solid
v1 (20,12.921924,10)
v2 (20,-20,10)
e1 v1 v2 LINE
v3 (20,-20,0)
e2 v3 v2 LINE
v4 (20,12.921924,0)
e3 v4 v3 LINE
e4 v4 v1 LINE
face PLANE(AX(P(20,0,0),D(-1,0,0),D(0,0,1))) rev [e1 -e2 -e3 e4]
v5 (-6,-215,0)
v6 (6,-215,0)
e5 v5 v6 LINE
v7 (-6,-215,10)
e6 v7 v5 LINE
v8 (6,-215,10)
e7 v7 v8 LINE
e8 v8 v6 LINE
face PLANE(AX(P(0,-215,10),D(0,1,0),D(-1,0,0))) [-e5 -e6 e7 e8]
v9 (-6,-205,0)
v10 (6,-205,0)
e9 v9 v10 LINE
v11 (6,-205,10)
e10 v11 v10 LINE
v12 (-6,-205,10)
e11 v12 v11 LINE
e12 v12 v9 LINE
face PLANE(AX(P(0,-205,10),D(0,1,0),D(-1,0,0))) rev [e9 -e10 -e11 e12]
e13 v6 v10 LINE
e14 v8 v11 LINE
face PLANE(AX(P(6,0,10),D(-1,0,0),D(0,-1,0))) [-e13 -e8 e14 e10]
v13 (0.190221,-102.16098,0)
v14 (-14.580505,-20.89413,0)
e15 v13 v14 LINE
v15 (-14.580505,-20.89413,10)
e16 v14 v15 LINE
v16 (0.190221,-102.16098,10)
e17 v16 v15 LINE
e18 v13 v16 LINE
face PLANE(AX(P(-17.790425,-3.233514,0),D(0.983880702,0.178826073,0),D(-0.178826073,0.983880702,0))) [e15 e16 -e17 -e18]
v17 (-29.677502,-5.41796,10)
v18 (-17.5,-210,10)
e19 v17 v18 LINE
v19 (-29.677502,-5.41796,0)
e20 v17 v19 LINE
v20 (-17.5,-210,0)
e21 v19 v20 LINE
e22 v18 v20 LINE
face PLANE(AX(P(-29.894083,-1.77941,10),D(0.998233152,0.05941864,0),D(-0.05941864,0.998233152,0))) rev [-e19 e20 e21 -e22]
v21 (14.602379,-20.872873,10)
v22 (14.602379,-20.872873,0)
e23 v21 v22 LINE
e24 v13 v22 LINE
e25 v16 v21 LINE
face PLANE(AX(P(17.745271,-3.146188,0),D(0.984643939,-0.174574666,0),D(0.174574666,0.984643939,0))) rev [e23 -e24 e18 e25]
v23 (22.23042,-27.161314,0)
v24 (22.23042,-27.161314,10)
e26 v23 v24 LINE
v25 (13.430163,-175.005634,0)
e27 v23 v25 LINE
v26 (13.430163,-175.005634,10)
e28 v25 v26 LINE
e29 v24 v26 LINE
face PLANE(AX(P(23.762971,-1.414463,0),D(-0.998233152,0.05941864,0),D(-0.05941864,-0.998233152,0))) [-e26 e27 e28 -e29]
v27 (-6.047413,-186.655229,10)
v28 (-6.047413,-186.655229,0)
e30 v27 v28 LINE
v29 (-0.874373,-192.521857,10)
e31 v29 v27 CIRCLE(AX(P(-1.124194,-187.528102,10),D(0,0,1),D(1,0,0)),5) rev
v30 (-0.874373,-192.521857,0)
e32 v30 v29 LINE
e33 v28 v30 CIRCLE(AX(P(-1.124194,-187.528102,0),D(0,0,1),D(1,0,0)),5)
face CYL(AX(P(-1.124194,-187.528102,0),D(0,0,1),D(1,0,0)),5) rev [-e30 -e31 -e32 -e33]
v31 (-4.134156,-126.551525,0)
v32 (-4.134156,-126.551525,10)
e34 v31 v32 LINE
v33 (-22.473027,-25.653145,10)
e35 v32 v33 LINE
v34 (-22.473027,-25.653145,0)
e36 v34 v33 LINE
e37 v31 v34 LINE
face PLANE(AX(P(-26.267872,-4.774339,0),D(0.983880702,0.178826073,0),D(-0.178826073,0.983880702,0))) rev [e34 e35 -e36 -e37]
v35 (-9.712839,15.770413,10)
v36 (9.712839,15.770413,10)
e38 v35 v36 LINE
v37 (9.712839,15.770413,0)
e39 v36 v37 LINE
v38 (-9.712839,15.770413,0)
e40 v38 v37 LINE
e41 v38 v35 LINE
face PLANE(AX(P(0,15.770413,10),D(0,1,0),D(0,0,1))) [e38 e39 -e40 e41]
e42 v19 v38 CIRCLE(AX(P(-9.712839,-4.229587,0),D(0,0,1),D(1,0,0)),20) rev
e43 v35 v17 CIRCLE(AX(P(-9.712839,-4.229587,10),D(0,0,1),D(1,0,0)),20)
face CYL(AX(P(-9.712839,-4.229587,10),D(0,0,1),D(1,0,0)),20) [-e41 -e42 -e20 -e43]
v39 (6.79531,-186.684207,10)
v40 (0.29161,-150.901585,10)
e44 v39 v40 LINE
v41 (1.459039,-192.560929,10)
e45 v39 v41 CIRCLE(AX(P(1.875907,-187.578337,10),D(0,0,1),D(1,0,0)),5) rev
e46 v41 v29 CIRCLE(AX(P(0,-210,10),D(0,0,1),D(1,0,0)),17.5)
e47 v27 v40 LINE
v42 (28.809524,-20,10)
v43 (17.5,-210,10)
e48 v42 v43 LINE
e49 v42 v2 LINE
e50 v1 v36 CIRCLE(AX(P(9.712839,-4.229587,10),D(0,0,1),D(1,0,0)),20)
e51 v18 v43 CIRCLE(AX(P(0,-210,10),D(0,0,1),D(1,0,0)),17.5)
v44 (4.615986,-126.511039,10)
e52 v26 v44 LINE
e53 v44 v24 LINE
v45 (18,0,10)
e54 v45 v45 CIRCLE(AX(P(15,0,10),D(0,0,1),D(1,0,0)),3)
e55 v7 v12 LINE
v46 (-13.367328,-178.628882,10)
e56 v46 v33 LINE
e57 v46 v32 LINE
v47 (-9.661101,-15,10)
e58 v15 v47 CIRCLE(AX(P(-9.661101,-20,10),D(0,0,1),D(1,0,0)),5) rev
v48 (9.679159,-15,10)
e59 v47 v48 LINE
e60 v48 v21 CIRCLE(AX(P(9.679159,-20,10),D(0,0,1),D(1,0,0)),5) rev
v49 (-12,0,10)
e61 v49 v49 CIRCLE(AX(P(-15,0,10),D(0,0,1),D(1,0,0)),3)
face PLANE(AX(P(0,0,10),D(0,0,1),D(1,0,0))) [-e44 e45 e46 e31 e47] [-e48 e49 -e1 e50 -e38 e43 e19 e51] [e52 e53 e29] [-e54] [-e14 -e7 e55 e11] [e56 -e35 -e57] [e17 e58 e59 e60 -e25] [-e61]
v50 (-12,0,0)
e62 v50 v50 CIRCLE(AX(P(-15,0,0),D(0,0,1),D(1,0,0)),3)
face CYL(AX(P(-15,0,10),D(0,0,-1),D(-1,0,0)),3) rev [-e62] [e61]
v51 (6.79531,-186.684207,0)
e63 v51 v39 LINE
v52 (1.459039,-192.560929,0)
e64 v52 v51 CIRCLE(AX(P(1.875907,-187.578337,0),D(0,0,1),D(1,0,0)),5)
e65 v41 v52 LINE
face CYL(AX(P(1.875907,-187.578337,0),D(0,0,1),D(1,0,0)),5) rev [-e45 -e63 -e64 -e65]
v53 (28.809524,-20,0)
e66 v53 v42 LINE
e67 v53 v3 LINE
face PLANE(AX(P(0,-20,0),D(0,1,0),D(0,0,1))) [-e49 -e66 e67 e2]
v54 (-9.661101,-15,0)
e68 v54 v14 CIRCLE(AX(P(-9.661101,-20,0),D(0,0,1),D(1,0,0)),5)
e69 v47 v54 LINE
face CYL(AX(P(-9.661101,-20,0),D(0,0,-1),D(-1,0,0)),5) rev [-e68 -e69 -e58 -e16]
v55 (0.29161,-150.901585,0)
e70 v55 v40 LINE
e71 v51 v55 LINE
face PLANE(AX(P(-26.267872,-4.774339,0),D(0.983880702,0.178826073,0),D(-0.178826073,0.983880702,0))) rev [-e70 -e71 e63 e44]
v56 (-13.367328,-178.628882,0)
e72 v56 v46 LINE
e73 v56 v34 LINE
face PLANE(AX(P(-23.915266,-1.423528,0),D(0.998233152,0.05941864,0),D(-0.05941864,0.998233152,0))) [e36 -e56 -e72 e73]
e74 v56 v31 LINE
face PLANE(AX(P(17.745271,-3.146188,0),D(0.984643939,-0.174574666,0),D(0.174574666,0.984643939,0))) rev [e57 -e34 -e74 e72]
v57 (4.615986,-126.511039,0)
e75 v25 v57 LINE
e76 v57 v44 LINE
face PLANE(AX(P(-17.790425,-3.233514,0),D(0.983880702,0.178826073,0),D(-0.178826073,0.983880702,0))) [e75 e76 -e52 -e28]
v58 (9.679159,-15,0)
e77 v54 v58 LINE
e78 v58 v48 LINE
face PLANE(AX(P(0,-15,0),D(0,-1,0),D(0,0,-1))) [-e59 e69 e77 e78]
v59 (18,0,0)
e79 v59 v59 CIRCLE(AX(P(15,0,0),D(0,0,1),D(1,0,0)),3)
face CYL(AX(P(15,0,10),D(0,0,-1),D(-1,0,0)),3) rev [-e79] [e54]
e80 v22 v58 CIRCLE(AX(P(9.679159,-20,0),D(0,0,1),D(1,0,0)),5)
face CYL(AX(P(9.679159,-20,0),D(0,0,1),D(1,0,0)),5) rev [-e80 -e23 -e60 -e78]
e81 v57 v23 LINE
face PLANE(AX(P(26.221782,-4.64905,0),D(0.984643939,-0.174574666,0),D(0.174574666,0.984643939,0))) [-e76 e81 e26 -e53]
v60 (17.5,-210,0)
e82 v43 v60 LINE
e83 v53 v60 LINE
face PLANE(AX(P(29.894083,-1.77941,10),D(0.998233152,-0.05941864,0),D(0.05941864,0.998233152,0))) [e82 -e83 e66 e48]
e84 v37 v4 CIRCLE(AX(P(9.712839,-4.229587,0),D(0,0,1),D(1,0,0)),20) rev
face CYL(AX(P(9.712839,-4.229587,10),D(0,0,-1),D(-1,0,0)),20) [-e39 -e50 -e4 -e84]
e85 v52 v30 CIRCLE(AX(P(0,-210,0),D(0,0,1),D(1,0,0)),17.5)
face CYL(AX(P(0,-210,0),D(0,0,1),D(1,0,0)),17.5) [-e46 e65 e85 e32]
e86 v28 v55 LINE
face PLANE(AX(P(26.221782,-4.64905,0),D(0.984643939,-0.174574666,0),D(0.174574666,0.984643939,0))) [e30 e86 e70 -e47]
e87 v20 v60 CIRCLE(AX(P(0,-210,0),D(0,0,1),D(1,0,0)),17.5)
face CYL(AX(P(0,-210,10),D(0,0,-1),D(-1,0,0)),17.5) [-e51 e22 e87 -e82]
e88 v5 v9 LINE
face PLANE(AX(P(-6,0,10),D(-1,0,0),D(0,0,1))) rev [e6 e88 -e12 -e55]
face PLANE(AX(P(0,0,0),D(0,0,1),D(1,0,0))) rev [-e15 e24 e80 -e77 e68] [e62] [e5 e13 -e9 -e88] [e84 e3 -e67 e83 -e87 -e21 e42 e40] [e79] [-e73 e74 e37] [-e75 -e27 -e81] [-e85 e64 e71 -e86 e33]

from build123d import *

# Parameters (mm, degrees)
SKETCH1_R           = 3
BOSS_EXTRUDE2_DEPTH = 10
FILLET1_R           = 20
FILLET2_R           = 20
CUT_EXTRUDE1_START  = -10
CUT_EXTRUDE1_DEPTH  = 10
FILLET3_R           = 5
CUT_EXTRUDE6_DEPTH  = 10


with BuildPart() as part:
    # Sketch1 → Boss-Extrude2 (new body)
    with BuildSketch(Plane.XY):
        with BuildLine():
            Line((-30, 15.770412854), (-30, 0))
            Line((-30, 0), (-17.5, -210))
            ThreePointArc((-17.5, -210), (0, -227.5), (17.5, -210))
            Line((17.5, -210), (30, 0))
            Line((30, 0), (30, 15.770412854))
            Line((30, 15.770412854), (-30, 15.770412854))
        make_face()
        with Locations((-15, 0)):
            Circle(SKETCH1_R, mode=Mode.SUBTRACT)
        with Locations((15, 0)):
            Circle(SKETCH1_R, mode=Mode.SUBTRACT)
        Polygon((0, -205), (6, -205), (6, -215), (-6, -215), (-6, -205), align=None, mode=Mode.SUBTRACT)
    extrude(amount=BOSS_EXTRUDE2_DEPTH)

    # Fillet1
    fillet1_edges = [part.edges().sort_by_distance(p)[0] for p in [
        (-30, 15.770412854, 5),
    ]]
    fillet(fillet1_edges, radius=FILLET1_R)

    # Fillet2
    fillet2_edges = [part.edges().sort_by_distance(p)[0] for p in [
        (30, 15.770412854, 5),
    ]]
    fillet(fillet2_edges, radius=FILLET2_R)

    # Sketch4 → Cut-Extrude1 (cut)
    with BuildSketch(Plane.XY.offset(10).offset(CUT_EXTRUDE1_START)):
        Polygon((-15.651797422, -15), (0.190220551, -102.160979768), (15.643622882, -15), (15, -15), align=None)
        Polygon((-22.473027071, -25.6531452), (-13.367328465, -178.628881795), (-4.134156204, -126.551525408), align=None)
        Polygon((22.230419841, -27.161313899), (4.615986353, -126.511039477), (13.430162671, -175.005634359), align=None)
        with BuildLine():
            Line((0.291609598, -150.901585116), (-7.372445375, -194.128735111))
            ThreePointArc((-7.372445375, -194.128735111), (0.476576628, -192.506490497), (8.225632191, -194.553674383))
            Line((8.225632191, -194.553674383), (0.291609598, -150.901585116))
        make_face()
    extrude(amount=CUT_EXTRUDE1_DEPTH, mode=Mode.SUBTRACT)

    # Fillet3
    fillet3_edges = [part.edges().sort_by_distance(p)[0] for p in [
        (8.225632191, -194.553674383, 5),
        (-7.372445375, -194.128735111, 5),
        (-15.651797422, -15, 5),
        (15.643622882, -15, 5),
    ]]
    fillet(fillet3_edges, radius=FILLET3_R)

    # Sketch5 → Cut-Extrude6 (cut)
    with BuildSketch(Plane.XY.offset(10)):
        with BuildLine():
            Line((29.260488635, 0), (20, 0))
            Line((20, 0), (20, -20))
            Line((20, -20), (28.80952381, -20))
            Line((28.80952381, -20), (29.677502384, -5.417959945))
            ThreePointArc((29.677502384, -5.417959945), (29.653859351, -2.694751229), (29.260488635, 0))
        make_face()
        with BuildLine():
            Line((20, 12.921923742), (20, 0))
            Line((20, 0), (29.260488635, 0))
            ThreePointArc((29.260488635, 0), (25.96931496, 7.420606017), (20, 12.921923742))
        make_face()
    extrude(amount=-CUT_EXTRUDE6_DEPTH, mode=Mode.SUBTRACT)


solid = part.part
